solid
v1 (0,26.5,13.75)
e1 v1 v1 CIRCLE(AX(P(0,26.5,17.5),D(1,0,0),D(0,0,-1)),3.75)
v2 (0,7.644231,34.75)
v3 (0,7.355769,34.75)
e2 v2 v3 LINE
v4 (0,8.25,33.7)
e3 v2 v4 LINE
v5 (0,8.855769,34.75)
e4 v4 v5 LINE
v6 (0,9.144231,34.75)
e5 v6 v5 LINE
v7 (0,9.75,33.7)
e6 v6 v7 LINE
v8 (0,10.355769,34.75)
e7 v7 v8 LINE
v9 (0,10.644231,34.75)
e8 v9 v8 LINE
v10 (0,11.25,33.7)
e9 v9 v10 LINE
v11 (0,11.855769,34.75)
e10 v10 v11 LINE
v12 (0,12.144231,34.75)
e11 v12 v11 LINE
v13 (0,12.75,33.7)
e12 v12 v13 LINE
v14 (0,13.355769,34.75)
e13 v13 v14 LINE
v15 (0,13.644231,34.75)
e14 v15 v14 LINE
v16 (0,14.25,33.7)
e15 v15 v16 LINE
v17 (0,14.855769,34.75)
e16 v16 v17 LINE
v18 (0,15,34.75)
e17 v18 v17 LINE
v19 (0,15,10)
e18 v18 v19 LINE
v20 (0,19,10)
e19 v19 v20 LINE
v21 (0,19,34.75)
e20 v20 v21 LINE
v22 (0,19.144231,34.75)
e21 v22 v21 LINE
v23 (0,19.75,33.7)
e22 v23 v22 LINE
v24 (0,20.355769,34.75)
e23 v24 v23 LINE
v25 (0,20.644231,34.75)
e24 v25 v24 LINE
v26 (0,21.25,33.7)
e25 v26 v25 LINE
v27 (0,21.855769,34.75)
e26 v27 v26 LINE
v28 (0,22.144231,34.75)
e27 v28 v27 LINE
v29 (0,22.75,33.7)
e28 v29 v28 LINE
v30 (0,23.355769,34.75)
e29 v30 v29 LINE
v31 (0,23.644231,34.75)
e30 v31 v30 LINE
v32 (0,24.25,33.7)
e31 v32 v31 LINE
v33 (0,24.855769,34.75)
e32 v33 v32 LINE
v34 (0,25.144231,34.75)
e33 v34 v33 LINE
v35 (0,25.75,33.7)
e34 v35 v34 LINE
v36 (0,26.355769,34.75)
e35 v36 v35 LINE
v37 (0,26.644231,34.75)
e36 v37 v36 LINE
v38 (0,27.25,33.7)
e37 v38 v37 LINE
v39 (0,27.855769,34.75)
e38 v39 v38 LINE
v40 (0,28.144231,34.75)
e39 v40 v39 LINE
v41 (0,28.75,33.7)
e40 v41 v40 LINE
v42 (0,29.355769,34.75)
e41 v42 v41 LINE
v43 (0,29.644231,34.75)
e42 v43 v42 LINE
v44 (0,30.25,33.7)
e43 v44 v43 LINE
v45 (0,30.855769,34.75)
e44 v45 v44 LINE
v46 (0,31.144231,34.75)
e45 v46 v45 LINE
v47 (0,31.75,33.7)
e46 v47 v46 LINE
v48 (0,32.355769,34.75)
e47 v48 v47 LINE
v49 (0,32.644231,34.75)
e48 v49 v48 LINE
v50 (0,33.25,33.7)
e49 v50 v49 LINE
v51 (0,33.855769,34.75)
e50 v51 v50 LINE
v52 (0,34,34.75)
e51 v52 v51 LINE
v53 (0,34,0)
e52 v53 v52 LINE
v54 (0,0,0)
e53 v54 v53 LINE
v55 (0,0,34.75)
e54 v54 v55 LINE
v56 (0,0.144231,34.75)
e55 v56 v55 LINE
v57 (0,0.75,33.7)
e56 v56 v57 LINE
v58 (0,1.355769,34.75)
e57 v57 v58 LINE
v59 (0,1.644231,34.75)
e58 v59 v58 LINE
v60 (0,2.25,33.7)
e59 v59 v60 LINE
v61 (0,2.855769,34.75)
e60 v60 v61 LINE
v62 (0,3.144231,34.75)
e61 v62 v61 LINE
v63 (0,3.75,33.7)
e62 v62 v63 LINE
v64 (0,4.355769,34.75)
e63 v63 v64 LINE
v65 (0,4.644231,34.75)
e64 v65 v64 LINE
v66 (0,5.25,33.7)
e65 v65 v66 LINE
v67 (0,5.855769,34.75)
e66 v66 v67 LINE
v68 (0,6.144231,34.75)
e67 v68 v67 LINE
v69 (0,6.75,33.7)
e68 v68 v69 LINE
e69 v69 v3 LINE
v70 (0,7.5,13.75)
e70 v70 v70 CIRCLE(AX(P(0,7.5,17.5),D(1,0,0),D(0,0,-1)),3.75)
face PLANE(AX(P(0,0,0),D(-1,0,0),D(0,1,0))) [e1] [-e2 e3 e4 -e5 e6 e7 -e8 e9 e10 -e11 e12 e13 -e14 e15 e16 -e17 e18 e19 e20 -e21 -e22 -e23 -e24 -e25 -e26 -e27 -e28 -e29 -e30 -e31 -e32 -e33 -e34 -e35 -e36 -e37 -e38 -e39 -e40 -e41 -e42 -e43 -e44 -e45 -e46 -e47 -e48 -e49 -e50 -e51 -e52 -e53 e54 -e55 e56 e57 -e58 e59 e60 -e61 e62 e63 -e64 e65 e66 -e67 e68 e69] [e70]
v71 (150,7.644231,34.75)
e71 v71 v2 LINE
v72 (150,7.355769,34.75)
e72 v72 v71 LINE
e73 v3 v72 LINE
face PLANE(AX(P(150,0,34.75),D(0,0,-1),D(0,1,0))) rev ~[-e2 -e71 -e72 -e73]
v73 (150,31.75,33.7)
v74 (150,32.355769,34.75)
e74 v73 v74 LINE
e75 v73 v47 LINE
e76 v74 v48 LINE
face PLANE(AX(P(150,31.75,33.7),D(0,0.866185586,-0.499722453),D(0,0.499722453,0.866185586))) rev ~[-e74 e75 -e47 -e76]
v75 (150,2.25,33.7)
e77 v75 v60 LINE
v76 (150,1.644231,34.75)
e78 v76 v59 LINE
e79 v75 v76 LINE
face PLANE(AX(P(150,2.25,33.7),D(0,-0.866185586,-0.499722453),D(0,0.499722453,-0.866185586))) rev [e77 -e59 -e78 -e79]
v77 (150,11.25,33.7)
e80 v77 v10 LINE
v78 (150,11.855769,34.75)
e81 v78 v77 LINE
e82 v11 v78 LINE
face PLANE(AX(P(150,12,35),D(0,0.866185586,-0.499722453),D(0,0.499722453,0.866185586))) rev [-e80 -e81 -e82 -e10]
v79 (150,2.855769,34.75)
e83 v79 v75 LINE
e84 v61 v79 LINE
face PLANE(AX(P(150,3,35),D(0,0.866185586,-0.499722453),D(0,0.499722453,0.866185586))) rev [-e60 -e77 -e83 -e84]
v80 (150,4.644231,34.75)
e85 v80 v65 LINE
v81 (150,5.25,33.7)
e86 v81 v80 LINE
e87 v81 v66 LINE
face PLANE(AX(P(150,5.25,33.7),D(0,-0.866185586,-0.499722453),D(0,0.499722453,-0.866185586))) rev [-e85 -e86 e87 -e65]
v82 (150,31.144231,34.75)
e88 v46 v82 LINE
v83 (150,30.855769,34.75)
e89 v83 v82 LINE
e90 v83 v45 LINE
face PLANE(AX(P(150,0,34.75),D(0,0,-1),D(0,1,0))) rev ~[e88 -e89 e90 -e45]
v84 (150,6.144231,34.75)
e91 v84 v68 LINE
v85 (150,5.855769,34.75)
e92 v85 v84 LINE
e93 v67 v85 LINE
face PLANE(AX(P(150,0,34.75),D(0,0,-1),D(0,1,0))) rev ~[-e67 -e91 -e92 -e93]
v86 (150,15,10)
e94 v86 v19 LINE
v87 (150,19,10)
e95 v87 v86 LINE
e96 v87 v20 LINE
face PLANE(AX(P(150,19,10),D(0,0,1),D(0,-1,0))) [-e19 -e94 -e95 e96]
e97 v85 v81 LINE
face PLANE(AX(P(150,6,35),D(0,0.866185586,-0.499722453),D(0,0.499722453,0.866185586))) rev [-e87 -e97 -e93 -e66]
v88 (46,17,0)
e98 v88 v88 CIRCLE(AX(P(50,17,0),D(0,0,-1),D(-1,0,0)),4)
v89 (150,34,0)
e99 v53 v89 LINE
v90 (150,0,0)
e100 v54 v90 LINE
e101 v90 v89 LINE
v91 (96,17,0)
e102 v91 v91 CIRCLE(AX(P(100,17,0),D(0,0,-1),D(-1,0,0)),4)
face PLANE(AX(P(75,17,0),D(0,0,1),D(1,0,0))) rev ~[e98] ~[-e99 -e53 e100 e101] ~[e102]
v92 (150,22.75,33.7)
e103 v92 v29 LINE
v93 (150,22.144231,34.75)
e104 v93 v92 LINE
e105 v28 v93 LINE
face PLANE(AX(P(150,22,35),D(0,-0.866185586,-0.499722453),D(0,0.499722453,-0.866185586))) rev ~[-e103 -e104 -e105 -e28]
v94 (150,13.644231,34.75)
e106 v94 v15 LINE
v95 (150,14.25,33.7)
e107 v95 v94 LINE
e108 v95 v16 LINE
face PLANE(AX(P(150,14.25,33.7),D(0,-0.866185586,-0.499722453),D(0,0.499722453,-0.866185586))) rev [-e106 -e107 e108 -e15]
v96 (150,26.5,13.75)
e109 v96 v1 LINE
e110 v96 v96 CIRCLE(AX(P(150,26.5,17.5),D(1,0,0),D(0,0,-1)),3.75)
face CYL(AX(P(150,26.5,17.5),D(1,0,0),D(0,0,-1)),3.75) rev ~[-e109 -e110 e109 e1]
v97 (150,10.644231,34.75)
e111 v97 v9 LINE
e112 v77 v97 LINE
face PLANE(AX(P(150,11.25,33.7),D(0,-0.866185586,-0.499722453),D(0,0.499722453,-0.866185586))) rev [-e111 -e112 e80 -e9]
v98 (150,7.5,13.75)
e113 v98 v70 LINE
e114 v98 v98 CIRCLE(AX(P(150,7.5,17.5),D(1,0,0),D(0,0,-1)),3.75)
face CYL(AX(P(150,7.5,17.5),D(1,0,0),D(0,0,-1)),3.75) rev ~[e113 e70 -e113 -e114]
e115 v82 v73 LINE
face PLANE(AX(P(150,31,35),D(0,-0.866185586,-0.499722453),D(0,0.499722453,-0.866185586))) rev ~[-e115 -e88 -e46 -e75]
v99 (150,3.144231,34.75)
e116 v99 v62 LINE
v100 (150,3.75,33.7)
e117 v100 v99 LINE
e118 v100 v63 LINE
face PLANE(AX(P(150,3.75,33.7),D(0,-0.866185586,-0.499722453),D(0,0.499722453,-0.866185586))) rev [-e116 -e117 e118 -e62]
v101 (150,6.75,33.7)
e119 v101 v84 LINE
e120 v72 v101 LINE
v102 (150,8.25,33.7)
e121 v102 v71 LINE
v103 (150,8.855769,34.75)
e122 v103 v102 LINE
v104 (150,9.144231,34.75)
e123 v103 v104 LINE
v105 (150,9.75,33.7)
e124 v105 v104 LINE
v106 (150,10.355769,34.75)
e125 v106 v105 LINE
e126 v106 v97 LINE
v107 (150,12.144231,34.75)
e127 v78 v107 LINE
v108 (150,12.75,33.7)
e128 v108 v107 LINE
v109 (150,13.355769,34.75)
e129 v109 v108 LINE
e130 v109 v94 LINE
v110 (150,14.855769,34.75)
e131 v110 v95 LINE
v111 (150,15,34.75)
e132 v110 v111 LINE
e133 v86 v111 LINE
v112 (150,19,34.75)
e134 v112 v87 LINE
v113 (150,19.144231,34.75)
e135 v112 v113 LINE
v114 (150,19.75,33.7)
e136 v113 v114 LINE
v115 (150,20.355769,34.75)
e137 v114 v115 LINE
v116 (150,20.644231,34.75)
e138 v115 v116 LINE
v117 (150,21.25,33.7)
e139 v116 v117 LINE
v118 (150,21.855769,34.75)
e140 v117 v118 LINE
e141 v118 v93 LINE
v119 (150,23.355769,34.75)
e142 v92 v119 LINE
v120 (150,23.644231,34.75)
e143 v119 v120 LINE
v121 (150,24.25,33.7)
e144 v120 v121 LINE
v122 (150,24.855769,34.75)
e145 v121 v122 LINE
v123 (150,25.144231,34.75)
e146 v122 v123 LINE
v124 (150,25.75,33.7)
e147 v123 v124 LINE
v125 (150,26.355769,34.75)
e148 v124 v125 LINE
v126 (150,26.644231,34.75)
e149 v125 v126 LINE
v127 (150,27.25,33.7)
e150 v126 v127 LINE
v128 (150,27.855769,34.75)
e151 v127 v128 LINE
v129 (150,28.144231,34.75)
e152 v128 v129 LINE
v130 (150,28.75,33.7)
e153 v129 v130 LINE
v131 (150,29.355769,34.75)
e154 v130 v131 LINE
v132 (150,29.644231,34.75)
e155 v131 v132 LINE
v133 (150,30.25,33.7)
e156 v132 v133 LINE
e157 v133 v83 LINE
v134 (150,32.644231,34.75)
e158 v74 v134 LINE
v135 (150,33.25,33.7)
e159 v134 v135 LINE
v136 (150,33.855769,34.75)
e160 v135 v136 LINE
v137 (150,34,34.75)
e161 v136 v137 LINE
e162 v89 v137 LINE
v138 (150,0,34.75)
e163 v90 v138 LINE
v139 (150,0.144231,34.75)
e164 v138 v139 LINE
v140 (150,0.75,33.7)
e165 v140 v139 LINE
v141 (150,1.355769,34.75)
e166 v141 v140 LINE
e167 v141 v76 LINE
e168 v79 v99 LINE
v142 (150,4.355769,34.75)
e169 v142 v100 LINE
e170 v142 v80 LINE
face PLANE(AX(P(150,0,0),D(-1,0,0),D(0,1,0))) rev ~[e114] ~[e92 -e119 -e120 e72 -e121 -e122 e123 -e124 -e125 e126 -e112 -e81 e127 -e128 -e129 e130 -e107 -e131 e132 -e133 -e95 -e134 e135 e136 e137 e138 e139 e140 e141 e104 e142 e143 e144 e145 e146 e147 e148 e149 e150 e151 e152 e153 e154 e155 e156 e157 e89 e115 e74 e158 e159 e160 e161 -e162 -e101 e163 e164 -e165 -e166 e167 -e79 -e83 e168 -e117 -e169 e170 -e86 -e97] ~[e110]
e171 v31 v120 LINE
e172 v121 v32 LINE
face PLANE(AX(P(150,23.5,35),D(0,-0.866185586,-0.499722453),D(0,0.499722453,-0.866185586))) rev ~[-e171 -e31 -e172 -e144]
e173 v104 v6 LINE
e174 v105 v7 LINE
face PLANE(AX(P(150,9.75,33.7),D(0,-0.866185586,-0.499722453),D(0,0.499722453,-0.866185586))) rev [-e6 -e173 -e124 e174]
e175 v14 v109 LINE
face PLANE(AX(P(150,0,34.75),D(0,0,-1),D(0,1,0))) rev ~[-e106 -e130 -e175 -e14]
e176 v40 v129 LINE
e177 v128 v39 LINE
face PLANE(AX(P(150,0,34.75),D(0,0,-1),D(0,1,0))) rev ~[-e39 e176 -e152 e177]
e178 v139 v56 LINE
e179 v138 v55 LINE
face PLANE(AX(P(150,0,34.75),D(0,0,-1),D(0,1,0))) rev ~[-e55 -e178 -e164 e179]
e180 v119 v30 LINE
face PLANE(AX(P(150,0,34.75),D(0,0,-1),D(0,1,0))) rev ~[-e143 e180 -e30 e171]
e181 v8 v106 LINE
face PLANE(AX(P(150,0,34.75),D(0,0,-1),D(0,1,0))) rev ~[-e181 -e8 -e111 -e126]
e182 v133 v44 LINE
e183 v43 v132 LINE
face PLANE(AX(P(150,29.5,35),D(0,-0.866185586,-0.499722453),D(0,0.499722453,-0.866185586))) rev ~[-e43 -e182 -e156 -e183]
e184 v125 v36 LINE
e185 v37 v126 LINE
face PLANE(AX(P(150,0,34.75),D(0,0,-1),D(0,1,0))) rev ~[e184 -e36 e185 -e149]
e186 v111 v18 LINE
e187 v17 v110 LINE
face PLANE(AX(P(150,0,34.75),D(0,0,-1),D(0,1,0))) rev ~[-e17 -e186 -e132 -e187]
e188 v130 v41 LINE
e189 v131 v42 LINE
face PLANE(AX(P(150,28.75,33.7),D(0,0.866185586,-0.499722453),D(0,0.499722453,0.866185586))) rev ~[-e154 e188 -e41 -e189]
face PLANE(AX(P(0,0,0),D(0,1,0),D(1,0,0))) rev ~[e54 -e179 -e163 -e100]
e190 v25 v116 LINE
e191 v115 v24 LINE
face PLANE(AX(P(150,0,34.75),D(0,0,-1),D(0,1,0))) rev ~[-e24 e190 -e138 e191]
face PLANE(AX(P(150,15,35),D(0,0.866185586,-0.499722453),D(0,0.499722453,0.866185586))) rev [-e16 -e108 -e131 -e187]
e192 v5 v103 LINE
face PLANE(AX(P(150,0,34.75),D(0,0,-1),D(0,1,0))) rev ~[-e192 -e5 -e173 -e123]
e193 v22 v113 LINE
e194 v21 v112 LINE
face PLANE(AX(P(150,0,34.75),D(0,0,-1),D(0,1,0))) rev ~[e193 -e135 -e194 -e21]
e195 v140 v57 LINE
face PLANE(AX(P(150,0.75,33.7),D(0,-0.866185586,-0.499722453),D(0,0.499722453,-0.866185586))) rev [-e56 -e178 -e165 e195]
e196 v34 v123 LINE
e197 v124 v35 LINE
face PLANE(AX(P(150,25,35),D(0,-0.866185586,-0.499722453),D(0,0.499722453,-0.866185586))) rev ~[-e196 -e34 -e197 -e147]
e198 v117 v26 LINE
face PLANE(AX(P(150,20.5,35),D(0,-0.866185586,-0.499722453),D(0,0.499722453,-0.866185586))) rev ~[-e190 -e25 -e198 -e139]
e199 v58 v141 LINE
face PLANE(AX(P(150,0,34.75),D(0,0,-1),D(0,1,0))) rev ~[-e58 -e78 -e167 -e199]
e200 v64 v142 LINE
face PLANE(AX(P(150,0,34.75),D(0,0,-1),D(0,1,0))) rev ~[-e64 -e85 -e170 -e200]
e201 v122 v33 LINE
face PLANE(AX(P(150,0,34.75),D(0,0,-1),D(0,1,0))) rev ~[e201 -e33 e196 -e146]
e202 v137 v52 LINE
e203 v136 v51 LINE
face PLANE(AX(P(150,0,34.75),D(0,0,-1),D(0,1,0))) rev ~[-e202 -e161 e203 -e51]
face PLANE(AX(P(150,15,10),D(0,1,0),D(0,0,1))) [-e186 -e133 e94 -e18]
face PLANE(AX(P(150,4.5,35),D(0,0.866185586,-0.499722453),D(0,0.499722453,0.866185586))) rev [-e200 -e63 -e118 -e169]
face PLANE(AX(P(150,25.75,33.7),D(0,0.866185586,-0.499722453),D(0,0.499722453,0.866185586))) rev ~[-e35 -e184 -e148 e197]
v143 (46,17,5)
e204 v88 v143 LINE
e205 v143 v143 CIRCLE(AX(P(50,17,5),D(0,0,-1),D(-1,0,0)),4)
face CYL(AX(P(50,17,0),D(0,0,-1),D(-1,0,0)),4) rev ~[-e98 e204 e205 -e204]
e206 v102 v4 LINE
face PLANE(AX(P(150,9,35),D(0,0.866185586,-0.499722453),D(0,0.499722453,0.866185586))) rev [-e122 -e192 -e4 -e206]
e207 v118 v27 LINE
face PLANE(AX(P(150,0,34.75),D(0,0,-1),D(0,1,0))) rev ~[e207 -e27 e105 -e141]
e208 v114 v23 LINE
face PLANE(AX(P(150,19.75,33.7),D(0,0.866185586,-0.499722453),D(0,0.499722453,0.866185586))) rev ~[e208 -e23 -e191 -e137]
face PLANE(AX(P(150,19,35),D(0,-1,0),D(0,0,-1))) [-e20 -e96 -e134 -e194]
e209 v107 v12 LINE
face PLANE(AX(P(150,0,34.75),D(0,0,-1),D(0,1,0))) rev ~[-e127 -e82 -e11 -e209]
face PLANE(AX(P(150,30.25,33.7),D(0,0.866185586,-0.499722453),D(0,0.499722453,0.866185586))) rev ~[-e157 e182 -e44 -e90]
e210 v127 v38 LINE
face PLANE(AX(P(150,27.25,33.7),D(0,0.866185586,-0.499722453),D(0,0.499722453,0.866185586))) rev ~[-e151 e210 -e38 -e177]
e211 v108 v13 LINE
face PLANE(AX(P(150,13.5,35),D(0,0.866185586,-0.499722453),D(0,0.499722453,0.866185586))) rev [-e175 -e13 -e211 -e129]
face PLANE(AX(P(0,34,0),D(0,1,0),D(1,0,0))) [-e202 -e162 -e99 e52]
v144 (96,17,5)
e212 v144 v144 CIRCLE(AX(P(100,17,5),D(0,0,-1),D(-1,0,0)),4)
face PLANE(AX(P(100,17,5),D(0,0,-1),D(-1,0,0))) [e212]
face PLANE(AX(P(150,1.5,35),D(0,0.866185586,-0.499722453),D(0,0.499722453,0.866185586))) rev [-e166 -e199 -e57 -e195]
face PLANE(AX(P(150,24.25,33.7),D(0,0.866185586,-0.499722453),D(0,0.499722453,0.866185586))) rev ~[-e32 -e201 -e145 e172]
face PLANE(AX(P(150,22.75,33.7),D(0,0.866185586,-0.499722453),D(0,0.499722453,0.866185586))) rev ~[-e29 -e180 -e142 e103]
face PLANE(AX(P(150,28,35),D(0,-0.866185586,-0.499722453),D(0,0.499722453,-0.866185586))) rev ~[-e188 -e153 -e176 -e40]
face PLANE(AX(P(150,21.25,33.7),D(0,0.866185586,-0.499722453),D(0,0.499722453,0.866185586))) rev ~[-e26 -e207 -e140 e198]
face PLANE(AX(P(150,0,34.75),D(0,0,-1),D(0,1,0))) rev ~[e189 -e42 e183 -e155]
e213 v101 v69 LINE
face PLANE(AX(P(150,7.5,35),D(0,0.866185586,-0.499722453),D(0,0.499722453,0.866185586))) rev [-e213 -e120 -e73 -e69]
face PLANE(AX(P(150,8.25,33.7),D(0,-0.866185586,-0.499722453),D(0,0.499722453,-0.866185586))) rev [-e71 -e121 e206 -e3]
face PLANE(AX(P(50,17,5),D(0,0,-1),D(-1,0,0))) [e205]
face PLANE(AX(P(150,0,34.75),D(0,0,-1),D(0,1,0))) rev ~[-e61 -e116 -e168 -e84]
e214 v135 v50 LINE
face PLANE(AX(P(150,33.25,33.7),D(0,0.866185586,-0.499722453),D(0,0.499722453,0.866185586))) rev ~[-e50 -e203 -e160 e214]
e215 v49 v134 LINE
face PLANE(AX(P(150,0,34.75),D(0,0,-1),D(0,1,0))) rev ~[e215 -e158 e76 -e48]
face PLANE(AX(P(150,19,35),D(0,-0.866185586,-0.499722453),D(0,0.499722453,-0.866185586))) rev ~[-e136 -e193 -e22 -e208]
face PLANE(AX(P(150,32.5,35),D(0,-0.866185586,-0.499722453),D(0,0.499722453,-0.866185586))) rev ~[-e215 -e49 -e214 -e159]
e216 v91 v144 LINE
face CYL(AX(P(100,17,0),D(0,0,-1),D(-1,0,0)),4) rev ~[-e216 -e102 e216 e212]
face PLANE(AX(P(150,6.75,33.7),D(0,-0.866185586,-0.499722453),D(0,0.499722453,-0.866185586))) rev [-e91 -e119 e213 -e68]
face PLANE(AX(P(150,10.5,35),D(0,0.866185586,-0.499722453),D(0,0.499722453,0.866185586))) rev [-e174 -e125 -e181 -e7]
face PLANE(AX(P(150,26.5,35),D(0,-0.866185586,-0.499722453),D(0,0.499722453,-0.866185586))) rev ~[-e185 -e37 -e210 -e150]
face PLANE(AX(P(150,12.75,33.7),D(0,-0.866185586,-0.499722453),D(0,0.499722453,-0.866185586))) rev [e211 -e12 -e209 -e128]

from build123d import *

# Parameters (mm, degrees)
SKETCH1_W           = 150
SKETCH1_H           = 34
BOSS_EXTRUDE1_DEPTH = 35
CUT_EXTRUDE1_DEPTH  = 160
SKETCH7_R           = 3.75
CUT_EXTRUDE9_DEPTH  = 160
CUT_EXTRUDE11_DEPTH = 158.737123088
SKETCH8_W           = 0.25
SKETCH8_H           = 34
CUT_EXTRUDE12_DEPTH = 158.737123088
SKETCH9_R           = 4
CUT_EXTRUDE13_DEPTH = 5


with BuildPart() as part:
    # Sketch1 → Boss-Extrude1 (new body)
    with BuildSketch(Plane.XY):
        with Locations((75, 17)):
            Rectangle(SKETCH1_W, SKETCH1_H)
    extrude(amount=BOSS_EXTRUDE1_DEPTH)

    # Sketch2 → Cut-Extrude1 (cut)
    with BuildSketch(Plane(origin=(150, 0, 0), x_dir=(0, 0, -1), z_dir=(1, 0, 0))):
        Polygon((-35, 17), (-35, 19), (-10, 19), (-10, 15), (-35, 15), align=None)
    extrude(amount=-CUT_EXTRUDE1_DEPTH, mode=Mode.SUBTRACT)

    # Sketch7 → Cut-Extrude9 (cut)
    with BuildSketch(Plane(origin=(150, 0, 0), x_dir=(0, 0, -1), z_dir=(1, 0, 0))):
        with Locations((-17.5, 26.5)):
            Circle(SKETCH7_R)
        with Locations((-17.5, 7.5)):
            Circle(SKETCH7_R)
    extrude(amount=-CUT_EXTRUDE9_DEPTH, mode=Mode.SUBTRACT)

    # Sketch3 → Cut-Extrude11 (cut, through all)
    with BuildSketch(Plane(origin=(150, 0, 0), x_dir=(0, 0, -1), z_dir=(1, 0, 0))):
        Polygon((-33.7, 19.75), (-35, 20.5), (-35, 19), align=None)
        Polygon((-33.7, 21.25), (-35, 22), (-35, 20.5), align=None)
        Polygon((-33.7, 22.75), (-35, 23.5), (-35, 22), align=None)
        Polygon((-33.7, 24.25), (-35, 25), (-35, 23.5), align=None)
        Polygon((-33.7, 25.75), (-35, 26.5), (-35, 25), align=None)
        Polygon((-33.7, 27.25), (-35, 28), (-35, 26.5), align=None)
        Polygon((-33.7, 28.75), (-35, 29.5), (-35, 28), align=None)
        Polygon((-33.7, 30.25), (-35, 31), (-35, 29.5), align=None)
        Polygon((-35, 34.75), (-35, 34), (-33.7, 34.75), align=None)
        Polygon((-35, 34), (-35, 32.5), (-33.7, 33.25), align=None)
        Polygon((-33.7, 31.75), (-35, 32.5), (-35, 31), align=None)
    cut_extrude11 = extrude(amount=-CUT_EXTRUDE11_DEPTH, mode=Mode.SUBTRACT)

    # Mirror1: Cut-Extrude11 across plane
    add(cut_extrude11.mirror(Plane.ZX.offset(17)), mode=Mode.SUBTRACT)

    # Sketch8 → Cut-Extrude12 (cut, through all)
    with BuildSketch(Plane(origin=(150, 0, 0), x_dir=(0, 0, -1), z_dir=(1, 0, 0))):
        with Locations((-34.875, 17)):
            Rectangle(SKETCH8_W, SKETCH8_H)
    extrude(amount=-CUT_EXTRUDE12_DEPTH, mode=Mode.SUBTRACT)

    # Sketch9 → Cut-Extrude13 (cut)
    with BuildSketch(Plane(origin=(0, 0, 0), x_dir=(-1, 0, 0), z_dir=(0, 0, -1))):
        with Locations((-50, 17)):
            Circle(SKETCH9_R)
        with Locations((-100, 17)):
            Circle(SKETCH9_R)
    extrude(amount=-CUT_EXTRUDE13_DEPTH, mode=Mode.SUBTRACT)


solid = part.part
